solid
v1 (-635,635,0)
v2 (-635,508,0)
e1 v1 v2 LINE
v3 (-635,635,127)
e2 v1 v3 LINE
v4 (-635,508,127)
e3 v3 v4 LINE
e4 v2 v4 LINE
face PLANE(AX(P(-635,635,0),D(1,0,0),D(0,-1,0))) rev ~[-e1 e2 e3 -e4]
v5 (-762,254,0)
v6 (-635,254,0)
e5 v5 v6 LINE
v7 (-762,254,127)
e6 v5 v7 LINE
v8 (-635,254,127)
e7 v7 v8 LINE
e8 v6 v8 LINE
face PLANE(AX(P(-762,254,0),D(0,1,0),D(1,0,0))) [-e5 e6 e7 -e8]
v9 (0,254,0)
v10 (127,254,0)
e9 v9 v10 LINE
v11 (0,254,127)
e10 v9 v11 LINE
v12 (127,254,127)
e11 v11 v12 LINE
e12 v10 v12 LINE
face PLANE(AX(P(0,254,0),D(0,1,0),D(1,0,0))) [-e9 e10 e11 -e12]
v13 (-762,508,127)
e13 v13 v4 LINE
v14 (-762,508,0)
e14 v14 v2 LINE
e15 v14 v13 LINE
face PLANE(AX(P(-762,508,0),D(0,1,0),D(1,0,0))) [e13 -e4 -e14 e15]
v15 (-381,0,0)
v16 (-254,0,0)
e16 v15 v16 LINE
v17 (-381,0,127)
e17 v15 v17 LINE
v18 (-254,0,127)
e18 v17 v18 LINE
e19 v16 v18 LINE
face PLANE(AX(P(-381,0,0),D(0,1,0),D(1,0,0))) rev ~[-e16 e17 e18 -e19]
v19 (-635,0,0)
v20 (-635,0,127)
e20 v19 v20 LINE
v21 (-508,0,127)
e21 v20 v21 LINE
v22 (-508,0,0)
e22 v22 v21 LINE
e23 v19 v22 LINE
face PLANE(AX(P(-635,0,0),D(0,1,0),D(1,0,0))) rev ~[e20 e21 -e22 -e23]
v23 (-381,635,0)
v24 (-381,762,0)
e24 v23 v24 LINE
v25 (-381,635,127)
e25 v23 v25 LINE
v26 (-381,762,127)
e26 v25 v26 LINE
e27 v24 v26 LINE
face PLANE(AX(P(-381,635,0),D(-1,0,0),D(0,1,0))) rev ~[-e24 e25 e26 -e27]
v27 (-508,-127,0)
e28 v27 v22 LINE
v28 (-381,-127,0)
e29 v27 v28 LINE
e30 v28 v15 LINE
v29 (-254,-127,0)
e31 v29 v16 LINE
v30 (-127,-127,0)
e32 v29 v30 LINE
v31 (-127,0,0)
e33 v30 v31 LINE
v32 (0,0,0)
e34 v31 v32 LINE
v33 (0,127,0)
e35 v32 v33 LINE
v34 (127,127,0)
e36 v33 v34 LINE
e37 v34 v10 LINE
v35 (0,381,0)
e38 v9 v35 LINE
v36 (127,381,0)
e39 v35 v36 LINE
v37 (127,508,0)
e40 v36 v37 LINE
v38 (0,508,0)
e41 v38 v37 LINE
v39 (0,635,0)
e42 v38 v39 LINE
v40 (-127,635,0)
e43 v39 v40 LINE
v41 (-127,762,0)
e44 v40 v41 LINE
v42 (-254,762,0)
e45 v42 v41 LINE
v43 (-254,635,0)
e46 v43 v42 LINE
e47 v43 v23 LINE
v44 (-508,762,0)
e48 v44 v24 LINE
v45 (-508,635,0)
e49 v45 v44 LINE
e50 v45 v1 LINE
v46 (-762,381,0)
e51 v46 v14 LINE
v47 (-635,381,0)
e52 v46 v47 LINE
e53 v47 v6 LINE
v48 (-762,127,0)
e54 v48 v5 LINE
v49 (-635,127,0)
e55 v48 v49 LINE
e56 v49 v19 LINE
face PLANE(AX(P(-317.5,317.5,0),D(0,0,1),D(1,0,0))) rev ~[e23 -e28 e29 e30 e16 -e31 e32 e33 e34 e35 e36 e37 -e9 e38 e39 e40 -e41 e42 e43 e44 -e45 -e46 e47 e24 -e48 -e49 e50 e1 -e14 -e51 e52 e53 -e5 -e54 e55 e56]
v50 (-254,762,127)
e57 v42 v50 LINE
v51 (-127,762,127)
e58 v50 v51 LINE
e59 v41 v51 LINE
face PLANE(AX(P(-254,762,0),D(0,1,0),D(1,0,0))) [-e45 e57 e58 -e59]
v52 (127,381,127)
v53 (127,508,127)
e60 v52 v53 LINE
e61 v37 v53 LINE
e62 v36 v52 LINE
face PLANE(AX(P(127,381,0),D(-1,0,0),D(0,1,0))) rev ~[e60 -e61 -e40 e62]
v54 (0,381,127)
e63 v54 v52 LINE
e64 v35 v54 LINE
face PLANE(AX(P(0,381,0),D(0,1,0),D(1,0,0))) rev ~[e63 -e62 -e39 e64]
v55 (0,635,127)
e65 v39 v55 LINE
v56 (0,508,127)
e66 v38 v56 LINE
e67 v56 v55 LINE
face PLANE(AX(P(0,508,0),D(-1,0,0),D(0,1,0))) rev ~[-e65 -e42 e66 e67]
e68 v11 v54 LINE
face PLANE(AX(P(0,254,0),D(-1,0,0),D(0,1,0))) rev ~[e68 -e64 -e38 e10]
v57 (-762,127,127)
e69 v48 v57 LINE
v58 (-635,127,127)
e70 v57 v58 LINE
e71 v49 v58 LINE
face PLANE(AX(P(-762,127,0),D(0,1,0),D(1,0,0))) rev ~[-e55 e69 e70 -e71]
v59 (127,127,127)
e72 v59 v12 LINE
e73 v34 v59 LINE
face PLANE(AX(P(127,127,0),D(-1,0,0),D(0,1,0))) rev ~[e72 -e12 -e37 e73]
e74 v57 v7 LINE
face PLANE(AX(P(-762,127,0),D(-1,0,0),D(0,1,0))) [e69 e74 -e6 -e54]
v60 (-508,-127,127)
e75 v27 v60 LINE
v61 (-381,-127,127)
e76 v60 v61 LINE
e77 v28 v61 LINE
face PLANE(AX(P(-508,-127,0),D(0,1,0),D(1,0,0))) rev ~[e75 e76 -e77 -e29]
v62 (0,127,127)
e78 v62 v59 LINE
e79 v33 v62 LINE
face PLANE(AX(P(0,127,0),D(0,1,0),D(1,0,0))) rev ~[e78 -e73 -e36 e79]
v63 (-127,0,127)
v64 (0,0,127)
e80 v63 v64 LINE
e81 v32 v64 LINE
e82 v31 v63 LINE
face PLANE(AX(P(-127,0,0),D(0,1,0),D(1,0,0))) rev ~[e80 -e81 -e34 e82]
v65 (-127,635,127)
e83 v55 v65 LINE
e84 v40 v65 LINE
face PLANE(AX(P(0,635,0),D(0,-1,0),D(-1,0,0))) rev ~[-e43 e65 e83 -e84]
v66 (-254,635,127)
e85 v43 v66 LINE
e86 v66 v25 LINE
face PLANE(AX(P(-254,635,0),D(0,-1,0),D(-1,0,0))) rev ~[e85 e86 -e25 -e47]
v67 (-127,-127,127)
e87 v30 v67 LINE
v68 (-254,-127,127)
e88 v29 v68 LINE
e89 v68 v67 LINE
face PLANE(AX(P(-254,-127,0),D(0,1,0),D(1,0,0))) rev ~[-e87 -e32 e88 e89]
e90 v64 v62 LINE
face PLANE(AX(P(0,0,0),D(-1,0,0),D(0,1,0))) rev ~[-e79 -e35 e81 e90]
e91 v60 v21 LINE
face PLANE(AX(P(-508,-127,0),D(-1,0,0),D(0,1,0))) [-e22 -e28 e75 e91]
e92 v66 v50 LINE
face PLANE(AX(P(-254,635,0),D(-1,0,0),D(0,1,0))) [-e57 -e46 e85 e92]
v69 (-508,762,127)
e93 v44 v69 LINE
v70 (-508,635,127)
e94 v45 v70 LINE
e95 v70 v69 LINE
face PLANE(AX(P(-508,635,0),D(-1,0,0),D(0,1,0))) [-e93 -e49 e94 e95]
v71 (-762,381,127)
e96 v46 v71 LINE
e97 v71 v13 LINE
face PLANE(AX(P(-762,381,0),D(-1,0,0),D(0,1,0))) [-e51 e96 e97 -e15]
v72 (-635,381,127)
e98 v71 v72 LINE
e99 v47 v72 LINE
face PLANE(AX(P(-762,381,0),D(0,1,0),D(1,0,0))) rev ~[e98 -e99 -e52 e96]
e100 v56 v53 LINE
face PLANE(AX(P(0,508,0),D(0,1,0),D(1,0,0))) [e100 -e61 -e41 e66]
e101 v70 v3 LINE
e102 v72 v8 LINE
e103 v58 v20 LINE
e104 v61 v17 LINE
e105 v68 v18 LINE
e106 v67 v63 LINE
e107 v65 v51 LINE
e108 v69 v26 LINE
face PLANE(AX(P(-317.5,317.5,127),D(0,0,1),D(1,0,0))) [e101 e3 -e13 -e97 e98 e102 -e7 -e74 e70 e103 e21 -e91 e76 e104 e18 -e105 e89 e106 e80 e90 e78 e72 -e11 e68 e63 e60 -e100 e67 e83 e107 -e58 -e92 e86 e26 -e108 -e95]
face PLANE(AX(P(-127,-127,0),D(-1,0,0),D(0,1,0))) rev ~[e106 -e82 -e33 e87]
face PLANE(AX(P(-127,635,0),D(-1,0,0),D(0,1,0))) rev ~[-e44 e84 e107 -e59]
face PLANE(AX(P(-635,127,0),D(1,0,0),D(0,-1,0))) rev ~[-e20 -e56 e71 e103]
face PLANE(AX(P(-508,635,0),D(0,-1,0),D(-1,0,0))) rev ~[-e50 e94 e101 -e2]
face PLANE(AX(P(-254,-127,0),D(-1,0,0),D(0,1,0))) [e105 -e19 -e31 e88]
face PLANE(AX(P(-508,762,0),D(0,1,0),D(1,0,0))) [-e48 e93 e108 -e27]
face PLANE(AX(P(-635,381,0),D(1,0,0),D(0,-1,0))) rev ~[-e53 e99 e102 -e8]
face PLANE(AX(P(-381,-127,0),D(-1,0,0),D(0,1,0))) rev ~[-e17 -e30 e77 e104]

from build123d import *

# Parameters (mm, degrees)
F0_W     = 127
F0_H     = 127
F1_DEPTH = 127


with BuildPart() as f1:
    # F0 (on Top) → F1 (new body)
    with BuildSketch(Plane.XY):
        Polygon((-127, 0), (0, 0), (0, 127), (0, 254), (0, 381), (0, 508), (0, 635), (-127, 635), (-254, 635), (-381, 635), (-508, 635), (-635, 635), (-635, 508), (-635, 381), (-635, 254), (-635, 127), (-635, 0), (-508, 0), (-381, 0), (-254, 0), align=None)
        with Locations((-190.5, -63.5)):
            Rectangle(F0_W, F0_H)
        with Locations((63.5, 190.5)):
            Rectangle(F0_W, F0_H)
        with Locations((-444.5, -63.5)):
            Rectangle(F0_W, F0_H)
        with Locations((63.5, 444.5)):
            Rectangle(F0_W, F0_H)
        with Locations((-698.5, 190.5)):
            Rectangle(F0_W, F0_H)
        with Locations((-190.5, 698.5)):
            Rectangle(F0_W, F0_H)
        with Locations((-698.5, 444.5)):
            Rectangle(F0_W, F0_H)
        with Locations((-444.5, 698.5)):
            Rectangle(F0_W, F0_H)
    extrude(amount=F1_DEPTH)


solid = f1.part
